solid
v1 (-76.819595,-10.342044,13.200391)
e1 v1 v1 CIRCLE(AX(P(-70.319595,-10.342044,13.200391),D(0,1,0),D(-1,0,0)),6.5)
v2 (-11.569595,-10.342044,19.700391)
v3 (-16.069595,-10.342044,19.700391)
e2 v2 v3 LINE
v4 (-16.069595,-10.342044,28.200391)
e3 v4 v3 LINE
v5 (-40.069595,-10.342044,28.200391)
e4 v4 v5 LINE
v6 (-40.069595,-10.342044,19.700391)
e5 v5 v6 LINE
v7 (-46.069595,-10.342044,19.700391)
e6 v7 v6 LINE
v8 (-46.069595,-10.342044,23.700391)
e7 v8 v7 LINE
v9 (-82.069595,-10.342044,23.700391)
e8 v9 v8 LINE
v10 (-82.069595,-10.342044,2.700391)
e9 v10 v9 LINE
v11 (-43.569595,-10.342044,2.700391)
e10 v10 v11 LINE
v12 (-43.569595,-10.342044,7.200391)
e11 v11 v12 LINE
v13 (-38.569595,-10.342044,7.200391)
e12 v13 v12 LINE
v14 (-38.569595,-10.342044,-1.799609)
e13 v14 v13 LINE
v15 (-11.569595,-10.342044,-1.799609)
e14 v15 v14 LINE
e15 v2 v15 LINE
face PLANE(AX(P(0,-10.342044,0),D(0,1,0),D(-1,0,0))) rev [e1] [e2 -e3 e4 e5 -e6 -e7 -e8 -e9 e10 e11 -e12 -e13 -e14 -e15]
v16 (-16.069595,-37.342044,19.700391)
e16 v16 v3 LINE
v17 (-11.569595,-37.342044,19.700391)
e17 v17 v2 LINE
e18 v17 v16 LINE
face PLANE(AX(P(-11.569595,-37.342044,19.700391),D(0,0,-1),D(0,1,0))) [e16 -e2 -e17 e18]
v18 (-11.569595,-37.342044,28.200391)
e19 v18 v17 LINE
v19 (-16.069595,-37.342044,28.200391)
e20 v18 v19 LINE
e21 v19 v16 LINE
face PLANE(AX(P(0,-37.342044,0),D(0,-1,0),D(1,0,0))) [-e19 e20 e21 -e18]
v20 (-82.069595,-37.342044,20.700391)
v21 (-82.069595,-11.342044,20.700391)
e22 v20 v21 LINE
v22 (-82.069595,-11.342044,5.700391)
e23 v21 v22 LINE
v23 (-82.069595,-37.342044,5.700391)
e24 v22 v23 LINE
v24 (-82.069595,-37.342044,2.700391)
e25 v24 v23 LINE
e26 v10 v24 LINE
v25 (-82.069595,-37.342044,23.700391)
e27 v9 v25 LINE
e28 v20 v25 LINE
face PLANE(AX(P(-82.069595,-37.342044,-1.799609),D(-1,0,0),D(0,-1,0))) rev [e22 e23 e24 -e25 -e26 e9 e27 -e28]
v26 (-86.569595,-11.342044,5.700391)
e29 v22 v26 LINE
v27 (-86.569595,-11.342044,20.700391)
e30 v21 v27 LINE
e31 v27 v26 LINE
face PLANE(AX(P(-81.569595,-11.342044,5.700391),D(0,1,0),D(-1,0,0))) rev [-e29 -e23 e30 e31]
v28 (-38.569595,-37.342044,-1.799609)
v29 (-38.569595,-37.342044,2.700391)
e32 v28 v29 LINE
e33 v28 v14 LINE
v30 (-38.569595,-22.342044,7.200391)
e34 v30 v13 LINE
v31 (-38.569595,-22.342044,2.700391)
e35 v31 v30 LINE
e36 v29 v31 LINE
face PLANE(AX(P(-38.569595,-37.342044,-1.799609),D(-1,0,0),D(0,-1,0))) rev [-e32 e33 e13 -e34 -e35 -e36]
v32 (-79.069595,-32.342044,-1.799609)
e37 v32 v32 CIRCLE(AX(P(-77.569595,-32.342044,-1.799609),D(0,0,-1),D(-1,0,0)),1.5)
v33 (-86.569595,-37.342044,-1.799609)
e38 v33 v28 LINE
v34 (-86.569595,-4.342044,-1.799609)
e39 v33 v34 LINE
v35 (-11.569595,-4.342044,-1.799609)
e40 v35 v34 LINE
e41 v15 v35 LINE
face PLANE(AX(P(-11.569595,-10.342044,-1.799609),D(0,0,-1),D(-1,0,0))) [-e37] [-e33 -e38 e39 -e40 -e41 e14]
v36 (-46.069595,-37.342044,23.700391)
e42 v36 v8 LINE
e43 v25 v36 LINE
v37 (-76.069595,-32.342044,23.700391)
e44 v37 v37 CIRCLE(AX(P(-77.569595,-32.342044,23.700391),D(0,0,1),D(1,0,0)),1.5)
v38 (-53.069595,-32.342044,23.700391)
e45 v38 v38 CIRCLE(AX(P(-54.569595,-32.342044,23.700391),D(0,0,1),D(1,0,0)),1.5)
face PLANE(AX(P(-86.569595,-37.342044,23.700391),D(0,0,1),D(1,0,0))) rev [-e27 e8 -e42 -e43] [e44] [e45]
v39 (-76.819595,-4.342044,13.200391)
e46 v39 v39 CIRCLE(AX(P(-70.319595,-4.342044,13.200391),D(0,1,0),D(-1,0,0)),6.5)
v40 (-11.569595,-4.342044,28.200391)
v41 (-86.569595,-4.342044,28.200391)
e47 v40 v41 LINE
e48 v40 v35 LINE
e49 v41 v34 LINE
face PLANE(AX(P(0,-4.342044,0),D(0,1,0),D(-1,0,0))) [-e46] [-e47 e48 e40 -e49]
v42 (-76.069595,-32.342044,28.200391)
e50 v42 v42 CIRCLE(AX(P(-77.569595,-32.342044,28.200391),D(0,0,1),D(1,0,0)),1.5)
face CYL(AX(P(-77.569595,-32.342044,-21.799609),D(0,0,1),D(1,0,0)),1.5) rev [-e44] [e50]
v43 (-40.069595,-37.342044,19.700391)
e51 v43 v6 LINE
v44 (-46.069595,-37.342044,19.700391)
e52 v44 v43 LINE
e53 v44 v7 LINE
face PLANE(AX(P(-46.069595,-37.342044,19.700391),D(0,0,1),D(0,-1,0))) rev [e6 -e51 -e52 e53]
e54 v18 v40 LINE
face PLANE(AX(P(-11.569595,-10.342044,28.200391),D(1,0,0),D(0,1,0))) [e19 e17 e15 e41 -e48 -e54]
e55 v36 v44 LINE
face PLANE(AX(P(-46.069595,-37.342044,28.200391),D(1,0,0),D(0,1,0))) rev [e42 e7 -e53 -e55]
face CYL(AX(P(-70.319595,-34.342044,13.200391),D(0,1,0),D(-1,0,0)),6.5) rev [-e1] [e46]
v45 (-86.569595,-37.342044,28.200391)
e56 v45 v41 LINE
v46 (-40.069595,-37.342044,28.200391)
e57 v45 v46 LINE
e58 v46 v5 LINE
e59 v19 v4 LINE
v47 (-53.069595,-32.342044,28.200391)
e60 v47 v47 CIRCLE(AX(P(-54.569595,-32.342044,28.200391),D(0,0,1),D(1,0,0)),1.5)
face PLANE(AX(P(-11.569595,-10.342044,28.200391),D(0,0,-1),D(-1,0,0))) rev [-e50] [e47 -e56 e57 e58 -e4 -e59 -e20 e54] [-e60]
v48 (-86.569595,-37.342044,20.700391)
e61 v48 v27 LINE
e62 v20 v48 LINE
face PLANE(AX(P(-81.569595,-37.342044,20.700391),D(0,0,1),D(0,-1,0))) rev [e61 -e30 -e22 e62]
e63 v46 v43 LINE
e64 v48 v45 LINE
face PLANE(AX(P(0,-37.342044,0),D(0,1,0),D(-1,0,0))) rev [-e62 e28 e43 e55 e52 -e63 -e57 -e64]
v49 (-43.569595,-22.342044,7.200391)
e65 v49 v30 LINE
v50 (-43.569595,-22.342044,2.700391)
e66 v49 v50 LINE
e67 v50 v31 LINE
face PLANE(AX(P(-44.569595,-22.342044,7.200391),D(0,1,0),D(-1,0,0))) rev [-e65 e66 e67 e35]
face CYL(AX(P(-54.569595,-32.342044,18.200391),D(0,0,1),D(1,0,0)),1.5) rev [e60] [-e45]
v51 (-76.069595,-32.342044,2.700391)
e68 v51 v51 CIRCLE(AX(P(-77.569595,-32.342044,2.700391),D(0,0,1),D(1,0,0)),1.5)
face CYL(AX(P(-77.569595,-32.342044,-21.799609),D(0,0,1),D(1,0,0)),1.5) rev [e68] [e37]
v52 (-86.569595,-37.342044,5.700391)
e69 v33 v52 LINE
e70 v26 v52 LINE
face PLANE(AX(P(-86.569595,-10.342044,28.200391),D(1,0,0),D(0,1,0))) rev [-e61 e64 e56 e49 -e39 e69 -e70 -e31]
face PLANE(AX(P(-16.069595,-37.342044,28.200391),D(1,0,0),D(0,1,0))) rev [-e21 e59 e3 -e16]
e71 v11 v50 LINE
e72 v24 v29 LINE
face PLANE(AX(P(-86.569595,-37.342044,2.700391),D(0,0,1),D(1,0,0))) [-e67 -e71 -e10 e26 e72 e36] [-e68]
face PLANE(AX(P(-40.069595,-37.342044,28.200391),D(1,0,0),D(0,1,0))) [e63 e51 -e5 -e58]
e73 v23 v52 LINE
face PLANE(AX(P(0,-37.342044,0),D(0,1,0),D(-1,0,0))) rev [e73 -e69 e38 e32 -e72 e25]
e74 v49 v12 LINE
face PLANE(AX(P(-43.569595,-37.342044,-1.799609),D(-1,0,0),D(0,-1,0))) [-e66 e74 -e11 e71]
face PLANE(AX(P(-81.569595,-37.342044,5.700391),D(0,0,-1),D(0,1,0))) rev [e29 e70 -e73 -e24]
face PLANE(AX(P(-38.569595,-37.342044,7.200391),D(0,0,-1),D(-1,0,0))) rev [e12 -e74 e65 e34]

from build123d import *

# Parameters (mm, degrees)
SKETCH1_W           = 75
SKETCH1_H           = 30
BOSS_EXTRUDE1_DEPTH = 6
SKETCH2_W           = 4.5
SKETCH2_H           = 4.5
SKETCH2_W_2         = 38.5
SKETCH2_H_2         = 21
SKETCH2_W_3         = 5
SKETCH2_W_4         = 36
SKETCH2_W_5         = 6
SKETCH2_H_3         = 4
SKETCH2_H_4         = 8.5
BOSS_EXTRUDE4_DEPTH = 27
SKETCH7_W           = 4.5
SKETCH7_H           = 15
CUT_EXTRUDE1_DEPTH  = 6
SKETCH9_R           = 6.5
CUT_EXTRUDE2_DEPTH  = 30
SKETCH10_R          = 1.5
CUT_EXTRUDE3_DEPTH  = 50
SKETCH11_R          = 1.5
CUT_EXTRUDE4_DEPTH  = 10
SKETCH12_W          = 15
SKETCH12_H          = 26
CUT_EXTRUDE5_DEPTH  = 5


with BuildPart() as part:
    # Sketch1 → Boss-Extrude1 (new body)
    with BuildSketch(Plane.XZ.offset(4.342044015)):
        with Locations((-49.069594933, 13.200391181)):
            Rectangle(SKETCH1_W, SKETCH1_H)
    extrude(amount=BOSS_EXTRUDE1_DEPTH)

    # Sketch2 → Boss-Extrude4 (add)
    with BuildSketch(Plane(origin=(0, -10.342044015, 0), x_dir=(-1, 0, 0), z_dir=(0, -1, 0))):
        with Locations((84.319594933, -0.450391181)):
            Rectangle(SKETCH2_W, SKETCH2_H)
        with Locations((62.819594933, -0.450391181)):
            Rectangle(SKETCH2_W_2, SKETCH2_H)
        with Locations((84.319594933, -13.200391181)):
            Rectangle(SKETCH2_W, SKETCH2_H_2)
        with Locations((41.069594933, -0.450391181)):
            Rectangle(SKETCH2_W_3, SKETCH2_H)
        with Locations((84.319594933, -25.950391181)):
            Rectangle(SKETCH2_W, SKETCH2_H)
        with Locations((41.069594933, -4.950391181)):
            Rectangle(SKETCH2_W_3, SKETCH2_H)
        with Locations((64.069594933, -25.950391181)):
            Rectangle(SKETCH2_W_4, SKETCH2_H)
        with Locations((43.069594933, -25.950391181)):
            Rectangle(SKETCH2_W_5, SKETCH2_H)
        with Locations((43.069594933, -21.700391181)):
            Rectangle(SKETCH2_W_5, SKETCH2_H_3)
        with Locations((13.819594933, -23.950391181)):
            Rectangle(SKETCH2_W, SKETCH2_H_4)
    extrude(amount=BOSS_EXTRUDE4_DEPTH)

    # Sketch7 → Cut-Extrude1 (cut)
    with BuildSketch(Plane(origin=(-38.569594933, 0, 0), x_dir=(0, 0, -1), z_dir=(1, 0, 0))):
        with Locations((-4.950391181, -29.842044015)):
            Rectangle(SKETCH7_W, SKETCH7_H)
    extrude(amount=-CUT_EXTRUDE1_DEPTH, mode=Mode.SUBTRACT)

    # Sketch9 → Cut-Extrude2 (cut)
    with BuildSketch(Plane(origin=(0, -4.342044015, 0), x_dir=(1, 0, 0), z_dir=(0, 1, 0))):
        with Locations(Location((-70.319594933, -13.200391181, 0), (0, 0, 180))):
            Circle(SKETCH9_R)
    extrude(amount=-CUT_EXTRUDE2_DEPTH, mode=Mode.SUBTRACT)

    # Sketch10 → Cut-Extrude3 (cut)
    with BuildSketch(Plane.XY.offset(28.200391181)):
        with Locations((-77.569594933, -32.342044015)):
            Circle(SKETCH10_R)
    extrude(amount=-CUT_EXTRUDE3_DEPTH, mode=Mode.SUBTRACT)

    # Sketch11 → Cut-Extrude4 (cut)
    with BuildSketch(Plane.XY.offset(28.200391181)):
        with Locations((-54.569594933, -32.342044015)):
            Circle(SKETCH11_R)
    extrude(amount=-CUT_EXTRUDE4_DEPTH, mode=Mode.SUBTRACT)

    # Sketch12 → Cut-Extrude5 (cut)
    with BuildSketch(Plane.ZY.offset(86.569594933)):
        with Locations((13.200391181, -24.342044015)):
            Rectangle(SKETCH12_W, SKETCH12_H)
    extrude(amount=-CUT_EXTRUDE5_DEPTH, mode=Mode.SUBTRACT)


solid = part.part
